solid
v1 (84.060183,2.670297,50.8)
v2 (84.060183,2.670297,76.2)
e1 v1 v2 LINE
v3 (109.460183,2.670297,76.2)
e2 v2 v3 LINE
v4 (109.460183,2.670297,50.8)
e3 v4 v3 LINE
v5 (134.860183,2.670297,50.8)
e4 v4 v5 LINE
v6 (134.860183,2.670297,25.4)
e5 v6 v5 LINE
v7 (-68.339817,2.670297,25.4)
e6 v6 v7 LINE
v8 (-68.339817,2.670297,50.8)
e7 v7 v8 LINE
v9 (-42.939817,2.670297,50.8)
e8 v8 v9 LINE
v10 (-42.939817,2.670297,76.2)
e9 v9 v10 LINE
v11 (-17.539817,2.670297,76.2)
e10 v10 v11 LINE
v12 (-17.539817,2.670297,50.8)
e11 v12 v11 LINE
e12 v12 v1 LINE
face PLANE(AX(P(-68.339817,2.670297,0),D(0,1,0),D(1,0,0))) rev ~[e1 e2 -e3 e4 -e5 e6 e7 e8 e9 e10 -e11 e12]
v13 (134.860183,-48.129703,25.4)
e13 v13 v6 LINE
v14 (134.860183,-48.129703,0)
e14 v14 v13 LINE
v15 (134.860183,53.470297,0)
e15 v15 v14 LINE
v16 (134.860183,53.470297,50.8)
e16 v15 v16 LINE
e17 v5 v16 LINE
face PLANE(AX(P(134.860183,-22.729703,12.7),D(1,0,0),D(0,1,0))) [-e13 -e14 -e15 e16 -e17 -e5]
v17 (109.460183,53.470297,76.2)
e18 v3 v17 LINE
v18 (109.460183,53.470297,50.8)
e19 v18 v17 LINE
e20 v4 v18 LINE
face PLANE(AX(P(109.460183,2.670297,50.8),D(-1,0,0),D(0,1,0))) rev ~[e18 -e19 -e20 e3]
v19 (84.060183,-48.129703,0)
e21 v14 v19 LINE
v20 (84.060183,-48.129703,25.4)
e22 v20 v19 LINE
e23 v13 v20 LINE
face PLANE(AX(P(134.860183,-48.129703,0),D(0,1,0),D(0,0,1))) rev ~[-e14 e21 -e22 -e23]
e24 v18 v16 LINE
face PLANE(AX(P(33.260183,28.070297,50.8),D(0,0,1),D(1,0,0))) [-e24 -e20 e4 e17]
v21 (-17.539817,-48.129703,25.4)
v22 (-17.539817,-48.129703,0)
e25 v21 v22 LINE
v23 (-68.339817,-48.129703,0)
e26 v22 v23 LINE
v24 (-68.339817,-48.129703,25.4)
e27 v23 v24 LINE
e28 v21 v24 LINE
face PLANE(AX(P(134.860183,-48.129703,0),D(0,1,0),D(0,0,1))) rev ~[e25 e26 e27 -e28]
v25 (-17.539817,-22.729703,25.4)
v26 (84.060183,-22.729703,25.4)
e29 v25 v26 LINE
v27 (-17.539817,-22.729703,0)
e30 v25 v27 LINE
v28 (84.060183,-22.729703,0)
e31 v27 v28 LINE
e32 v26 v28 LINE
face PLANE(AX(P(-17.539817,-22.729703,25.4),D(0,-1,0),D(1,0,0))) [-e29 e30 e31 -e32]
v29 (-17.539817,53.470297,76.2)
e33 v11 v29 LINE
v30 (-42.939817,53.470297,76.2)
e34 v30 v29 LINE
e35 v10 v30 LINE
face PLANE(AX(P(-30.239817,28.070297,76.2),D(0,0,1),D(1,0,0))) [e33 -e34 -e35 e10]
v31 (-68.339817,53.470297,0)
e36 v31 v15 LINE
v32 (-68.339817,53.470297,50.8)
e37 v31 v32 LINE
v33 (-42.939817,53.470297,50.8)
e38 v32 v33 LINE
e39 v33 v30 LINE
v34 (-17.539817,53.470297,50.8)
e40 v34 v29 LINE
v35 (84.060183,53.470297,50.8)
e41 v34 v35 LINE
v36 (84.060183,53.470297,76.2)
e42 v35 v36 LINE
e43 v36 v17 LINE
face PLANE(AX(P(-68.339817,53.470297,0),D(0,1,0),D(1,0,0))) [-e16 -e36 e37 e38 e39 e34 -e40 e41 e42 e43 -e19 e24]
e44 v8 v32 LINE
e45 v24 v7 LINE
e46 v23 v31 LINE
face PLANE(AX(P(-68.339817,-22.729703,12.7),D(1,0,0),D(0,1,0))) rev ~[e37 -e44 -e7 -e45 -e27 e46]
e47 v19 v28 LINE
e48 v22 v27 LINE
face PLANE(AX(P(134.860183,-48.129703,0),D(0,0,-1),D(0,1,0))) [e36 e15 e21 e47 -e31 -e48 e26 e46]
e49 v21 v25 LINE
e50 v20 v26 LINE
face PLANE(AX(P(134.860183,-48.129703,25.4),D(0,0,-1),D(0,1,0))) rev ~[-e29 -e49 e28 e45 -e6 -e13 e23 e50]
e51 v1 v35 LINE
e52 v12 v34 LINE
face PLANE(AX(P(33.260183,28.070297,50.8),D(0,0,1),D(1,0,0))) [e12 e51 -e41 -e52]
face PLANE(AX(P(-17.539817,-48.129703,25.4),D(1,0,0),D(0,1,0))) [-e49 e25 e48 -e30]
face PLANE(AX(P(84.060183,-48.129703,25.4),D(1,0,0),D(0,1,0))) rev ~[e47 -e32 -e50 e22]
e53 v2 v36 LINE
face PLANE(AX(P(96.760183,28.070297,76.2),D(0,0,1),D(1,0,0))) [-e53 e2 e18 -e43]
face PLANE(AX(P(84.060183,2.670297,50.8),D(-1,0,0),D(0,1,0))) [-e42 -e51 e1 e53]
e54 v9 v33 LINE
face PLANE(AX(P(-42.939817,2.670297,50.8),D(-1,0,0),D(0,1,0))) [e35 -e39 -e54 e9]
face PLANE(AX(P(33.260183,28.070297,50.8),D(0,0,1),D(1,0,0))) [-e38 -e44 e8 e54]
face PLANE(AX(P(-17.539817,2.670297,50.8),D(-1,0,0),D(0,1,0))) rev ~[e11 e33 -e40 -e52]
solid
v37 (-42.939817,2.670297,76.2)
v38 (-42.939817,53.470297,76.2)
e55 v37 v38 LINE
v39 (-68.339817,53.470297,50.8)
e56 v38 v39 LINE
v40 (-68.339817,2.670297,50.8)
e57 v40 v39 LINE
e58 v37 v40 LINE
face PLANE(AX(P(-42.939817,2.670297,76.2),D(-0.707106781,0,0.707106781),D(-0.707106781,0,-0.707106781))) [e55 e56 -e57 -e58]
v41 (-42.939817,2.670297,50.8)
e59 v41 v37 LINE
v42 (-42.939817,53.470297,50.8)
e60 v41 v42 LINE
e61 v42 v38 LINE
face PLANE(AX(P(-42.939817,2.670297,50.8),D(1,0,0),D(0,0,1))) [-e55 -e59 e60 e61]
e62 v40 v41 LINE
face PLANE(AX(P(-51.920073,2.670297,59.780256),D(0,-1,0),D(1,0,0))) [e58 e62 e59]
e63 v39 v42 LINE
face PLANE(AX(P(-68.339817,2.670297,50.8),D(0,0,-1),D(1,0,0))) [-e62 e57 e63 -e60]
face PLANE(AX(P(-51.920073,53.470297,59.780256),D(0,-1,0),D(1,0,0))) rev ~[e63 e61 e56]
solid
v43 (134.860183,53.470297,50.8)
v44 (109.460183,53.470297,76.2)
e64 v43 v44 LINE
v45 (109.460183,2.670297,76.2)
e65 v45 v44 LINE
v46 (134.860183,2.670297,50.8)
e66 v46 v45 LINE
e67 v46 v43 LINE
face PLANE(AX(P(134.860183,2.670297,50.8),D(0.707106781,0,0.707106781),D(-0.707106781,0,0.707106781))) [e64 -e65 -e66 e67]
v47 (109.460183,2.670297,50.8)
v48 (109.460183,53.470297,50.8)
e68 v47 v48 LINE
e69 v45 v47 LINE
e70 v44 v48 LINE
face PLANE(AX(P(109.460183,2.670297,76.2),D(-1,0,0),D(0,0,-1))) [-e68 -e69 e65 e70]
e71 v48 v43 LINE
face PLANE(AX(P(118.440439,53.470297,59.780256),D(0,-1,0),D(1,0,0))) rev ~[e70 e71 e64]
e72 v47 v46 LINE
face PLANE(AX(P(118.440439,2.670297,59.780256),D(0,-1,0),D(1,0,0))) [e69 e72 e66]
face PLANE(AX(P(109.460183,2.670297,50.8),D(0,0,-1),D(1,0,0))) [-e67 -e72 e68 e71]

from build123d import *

# Parameters (mm, degrees)
F0_W      = 203.2
F0_H      = 50.8
F1_DEPTH  = 50.8
F2_W      = 25.4
F2_H      = 50.8
F3_DEPTH  = 25.4
F4_W      = 25.4
F4_H      = 50.8
F5_DEPTH  = 25.4
F7_DEPTH  = 50.8
F8_W      = 50.8
F8_H      = 25.4
F9_DEPTH  = 203.2
F10_W     = 101.6
F10_H     = 25.4
F11_DEPTH = 25.4


with BuildPart() as f1:
    # F0 (on Top) → F1 (new body)
    with BuildSketch(Plane.XY):
        with Locations((33.260183, 28.070297)):
            Rectangle(F0_W, F0_H)
    extrude(amount=F1_DEPTH)

    # F2 (on face) → F3 (join)
    with BuildSketch(Plane.XY.offset(50.8)):
        with Locations((96.760183, 28.070297)):
            Rectangle(F2_W, F2_H)
    extrude(amount=F3_DEPTH)

    # F4 (on face) → F5 (join)
    with BuildSketch(Plane.XY.offset(50.8)):
        with Locations((-30.239817, 28.070297)):
            Rectangle(F4_W, F4_H)
    extrude(amount=F5_DEPTH)

    # F8 (on face) → F9 (join)
    with BuildSketch(Plane.YZ.offset(134.860183)):
        with Locations((-22.729703, 12.7)):
            Rectangle(F8_W, F8_H)
    extrude(amount=-F9_DEPTH)

    # F10 (on face) → F11 (cut)
    with BuildSketch(Plane.XY.offset(25.4)):
        with Locations((33.260183, -35.429703)):
            Rectangle(F10_W, F10_H)
    extrude(amount=-F11_DEPTH, mode=Mode.SUBTRACT)


with BuildPart() as f7:
    # F6 (on face) → F7 (new body)
    with BuildSketch(Plane.XZ.offset(-2.670297)):
        Polygon((-42.939817, 76.2), (-68.339817, 50.8), (-42.939817, 50.8), align=None)
        Polygon((134.860183, 50.8), (109.460183, 76.2), (109.460183, 50.8), align=None)
    extrude(amount=-F7_DEPTH)


solid = Compound([f1.part, f7.part])
